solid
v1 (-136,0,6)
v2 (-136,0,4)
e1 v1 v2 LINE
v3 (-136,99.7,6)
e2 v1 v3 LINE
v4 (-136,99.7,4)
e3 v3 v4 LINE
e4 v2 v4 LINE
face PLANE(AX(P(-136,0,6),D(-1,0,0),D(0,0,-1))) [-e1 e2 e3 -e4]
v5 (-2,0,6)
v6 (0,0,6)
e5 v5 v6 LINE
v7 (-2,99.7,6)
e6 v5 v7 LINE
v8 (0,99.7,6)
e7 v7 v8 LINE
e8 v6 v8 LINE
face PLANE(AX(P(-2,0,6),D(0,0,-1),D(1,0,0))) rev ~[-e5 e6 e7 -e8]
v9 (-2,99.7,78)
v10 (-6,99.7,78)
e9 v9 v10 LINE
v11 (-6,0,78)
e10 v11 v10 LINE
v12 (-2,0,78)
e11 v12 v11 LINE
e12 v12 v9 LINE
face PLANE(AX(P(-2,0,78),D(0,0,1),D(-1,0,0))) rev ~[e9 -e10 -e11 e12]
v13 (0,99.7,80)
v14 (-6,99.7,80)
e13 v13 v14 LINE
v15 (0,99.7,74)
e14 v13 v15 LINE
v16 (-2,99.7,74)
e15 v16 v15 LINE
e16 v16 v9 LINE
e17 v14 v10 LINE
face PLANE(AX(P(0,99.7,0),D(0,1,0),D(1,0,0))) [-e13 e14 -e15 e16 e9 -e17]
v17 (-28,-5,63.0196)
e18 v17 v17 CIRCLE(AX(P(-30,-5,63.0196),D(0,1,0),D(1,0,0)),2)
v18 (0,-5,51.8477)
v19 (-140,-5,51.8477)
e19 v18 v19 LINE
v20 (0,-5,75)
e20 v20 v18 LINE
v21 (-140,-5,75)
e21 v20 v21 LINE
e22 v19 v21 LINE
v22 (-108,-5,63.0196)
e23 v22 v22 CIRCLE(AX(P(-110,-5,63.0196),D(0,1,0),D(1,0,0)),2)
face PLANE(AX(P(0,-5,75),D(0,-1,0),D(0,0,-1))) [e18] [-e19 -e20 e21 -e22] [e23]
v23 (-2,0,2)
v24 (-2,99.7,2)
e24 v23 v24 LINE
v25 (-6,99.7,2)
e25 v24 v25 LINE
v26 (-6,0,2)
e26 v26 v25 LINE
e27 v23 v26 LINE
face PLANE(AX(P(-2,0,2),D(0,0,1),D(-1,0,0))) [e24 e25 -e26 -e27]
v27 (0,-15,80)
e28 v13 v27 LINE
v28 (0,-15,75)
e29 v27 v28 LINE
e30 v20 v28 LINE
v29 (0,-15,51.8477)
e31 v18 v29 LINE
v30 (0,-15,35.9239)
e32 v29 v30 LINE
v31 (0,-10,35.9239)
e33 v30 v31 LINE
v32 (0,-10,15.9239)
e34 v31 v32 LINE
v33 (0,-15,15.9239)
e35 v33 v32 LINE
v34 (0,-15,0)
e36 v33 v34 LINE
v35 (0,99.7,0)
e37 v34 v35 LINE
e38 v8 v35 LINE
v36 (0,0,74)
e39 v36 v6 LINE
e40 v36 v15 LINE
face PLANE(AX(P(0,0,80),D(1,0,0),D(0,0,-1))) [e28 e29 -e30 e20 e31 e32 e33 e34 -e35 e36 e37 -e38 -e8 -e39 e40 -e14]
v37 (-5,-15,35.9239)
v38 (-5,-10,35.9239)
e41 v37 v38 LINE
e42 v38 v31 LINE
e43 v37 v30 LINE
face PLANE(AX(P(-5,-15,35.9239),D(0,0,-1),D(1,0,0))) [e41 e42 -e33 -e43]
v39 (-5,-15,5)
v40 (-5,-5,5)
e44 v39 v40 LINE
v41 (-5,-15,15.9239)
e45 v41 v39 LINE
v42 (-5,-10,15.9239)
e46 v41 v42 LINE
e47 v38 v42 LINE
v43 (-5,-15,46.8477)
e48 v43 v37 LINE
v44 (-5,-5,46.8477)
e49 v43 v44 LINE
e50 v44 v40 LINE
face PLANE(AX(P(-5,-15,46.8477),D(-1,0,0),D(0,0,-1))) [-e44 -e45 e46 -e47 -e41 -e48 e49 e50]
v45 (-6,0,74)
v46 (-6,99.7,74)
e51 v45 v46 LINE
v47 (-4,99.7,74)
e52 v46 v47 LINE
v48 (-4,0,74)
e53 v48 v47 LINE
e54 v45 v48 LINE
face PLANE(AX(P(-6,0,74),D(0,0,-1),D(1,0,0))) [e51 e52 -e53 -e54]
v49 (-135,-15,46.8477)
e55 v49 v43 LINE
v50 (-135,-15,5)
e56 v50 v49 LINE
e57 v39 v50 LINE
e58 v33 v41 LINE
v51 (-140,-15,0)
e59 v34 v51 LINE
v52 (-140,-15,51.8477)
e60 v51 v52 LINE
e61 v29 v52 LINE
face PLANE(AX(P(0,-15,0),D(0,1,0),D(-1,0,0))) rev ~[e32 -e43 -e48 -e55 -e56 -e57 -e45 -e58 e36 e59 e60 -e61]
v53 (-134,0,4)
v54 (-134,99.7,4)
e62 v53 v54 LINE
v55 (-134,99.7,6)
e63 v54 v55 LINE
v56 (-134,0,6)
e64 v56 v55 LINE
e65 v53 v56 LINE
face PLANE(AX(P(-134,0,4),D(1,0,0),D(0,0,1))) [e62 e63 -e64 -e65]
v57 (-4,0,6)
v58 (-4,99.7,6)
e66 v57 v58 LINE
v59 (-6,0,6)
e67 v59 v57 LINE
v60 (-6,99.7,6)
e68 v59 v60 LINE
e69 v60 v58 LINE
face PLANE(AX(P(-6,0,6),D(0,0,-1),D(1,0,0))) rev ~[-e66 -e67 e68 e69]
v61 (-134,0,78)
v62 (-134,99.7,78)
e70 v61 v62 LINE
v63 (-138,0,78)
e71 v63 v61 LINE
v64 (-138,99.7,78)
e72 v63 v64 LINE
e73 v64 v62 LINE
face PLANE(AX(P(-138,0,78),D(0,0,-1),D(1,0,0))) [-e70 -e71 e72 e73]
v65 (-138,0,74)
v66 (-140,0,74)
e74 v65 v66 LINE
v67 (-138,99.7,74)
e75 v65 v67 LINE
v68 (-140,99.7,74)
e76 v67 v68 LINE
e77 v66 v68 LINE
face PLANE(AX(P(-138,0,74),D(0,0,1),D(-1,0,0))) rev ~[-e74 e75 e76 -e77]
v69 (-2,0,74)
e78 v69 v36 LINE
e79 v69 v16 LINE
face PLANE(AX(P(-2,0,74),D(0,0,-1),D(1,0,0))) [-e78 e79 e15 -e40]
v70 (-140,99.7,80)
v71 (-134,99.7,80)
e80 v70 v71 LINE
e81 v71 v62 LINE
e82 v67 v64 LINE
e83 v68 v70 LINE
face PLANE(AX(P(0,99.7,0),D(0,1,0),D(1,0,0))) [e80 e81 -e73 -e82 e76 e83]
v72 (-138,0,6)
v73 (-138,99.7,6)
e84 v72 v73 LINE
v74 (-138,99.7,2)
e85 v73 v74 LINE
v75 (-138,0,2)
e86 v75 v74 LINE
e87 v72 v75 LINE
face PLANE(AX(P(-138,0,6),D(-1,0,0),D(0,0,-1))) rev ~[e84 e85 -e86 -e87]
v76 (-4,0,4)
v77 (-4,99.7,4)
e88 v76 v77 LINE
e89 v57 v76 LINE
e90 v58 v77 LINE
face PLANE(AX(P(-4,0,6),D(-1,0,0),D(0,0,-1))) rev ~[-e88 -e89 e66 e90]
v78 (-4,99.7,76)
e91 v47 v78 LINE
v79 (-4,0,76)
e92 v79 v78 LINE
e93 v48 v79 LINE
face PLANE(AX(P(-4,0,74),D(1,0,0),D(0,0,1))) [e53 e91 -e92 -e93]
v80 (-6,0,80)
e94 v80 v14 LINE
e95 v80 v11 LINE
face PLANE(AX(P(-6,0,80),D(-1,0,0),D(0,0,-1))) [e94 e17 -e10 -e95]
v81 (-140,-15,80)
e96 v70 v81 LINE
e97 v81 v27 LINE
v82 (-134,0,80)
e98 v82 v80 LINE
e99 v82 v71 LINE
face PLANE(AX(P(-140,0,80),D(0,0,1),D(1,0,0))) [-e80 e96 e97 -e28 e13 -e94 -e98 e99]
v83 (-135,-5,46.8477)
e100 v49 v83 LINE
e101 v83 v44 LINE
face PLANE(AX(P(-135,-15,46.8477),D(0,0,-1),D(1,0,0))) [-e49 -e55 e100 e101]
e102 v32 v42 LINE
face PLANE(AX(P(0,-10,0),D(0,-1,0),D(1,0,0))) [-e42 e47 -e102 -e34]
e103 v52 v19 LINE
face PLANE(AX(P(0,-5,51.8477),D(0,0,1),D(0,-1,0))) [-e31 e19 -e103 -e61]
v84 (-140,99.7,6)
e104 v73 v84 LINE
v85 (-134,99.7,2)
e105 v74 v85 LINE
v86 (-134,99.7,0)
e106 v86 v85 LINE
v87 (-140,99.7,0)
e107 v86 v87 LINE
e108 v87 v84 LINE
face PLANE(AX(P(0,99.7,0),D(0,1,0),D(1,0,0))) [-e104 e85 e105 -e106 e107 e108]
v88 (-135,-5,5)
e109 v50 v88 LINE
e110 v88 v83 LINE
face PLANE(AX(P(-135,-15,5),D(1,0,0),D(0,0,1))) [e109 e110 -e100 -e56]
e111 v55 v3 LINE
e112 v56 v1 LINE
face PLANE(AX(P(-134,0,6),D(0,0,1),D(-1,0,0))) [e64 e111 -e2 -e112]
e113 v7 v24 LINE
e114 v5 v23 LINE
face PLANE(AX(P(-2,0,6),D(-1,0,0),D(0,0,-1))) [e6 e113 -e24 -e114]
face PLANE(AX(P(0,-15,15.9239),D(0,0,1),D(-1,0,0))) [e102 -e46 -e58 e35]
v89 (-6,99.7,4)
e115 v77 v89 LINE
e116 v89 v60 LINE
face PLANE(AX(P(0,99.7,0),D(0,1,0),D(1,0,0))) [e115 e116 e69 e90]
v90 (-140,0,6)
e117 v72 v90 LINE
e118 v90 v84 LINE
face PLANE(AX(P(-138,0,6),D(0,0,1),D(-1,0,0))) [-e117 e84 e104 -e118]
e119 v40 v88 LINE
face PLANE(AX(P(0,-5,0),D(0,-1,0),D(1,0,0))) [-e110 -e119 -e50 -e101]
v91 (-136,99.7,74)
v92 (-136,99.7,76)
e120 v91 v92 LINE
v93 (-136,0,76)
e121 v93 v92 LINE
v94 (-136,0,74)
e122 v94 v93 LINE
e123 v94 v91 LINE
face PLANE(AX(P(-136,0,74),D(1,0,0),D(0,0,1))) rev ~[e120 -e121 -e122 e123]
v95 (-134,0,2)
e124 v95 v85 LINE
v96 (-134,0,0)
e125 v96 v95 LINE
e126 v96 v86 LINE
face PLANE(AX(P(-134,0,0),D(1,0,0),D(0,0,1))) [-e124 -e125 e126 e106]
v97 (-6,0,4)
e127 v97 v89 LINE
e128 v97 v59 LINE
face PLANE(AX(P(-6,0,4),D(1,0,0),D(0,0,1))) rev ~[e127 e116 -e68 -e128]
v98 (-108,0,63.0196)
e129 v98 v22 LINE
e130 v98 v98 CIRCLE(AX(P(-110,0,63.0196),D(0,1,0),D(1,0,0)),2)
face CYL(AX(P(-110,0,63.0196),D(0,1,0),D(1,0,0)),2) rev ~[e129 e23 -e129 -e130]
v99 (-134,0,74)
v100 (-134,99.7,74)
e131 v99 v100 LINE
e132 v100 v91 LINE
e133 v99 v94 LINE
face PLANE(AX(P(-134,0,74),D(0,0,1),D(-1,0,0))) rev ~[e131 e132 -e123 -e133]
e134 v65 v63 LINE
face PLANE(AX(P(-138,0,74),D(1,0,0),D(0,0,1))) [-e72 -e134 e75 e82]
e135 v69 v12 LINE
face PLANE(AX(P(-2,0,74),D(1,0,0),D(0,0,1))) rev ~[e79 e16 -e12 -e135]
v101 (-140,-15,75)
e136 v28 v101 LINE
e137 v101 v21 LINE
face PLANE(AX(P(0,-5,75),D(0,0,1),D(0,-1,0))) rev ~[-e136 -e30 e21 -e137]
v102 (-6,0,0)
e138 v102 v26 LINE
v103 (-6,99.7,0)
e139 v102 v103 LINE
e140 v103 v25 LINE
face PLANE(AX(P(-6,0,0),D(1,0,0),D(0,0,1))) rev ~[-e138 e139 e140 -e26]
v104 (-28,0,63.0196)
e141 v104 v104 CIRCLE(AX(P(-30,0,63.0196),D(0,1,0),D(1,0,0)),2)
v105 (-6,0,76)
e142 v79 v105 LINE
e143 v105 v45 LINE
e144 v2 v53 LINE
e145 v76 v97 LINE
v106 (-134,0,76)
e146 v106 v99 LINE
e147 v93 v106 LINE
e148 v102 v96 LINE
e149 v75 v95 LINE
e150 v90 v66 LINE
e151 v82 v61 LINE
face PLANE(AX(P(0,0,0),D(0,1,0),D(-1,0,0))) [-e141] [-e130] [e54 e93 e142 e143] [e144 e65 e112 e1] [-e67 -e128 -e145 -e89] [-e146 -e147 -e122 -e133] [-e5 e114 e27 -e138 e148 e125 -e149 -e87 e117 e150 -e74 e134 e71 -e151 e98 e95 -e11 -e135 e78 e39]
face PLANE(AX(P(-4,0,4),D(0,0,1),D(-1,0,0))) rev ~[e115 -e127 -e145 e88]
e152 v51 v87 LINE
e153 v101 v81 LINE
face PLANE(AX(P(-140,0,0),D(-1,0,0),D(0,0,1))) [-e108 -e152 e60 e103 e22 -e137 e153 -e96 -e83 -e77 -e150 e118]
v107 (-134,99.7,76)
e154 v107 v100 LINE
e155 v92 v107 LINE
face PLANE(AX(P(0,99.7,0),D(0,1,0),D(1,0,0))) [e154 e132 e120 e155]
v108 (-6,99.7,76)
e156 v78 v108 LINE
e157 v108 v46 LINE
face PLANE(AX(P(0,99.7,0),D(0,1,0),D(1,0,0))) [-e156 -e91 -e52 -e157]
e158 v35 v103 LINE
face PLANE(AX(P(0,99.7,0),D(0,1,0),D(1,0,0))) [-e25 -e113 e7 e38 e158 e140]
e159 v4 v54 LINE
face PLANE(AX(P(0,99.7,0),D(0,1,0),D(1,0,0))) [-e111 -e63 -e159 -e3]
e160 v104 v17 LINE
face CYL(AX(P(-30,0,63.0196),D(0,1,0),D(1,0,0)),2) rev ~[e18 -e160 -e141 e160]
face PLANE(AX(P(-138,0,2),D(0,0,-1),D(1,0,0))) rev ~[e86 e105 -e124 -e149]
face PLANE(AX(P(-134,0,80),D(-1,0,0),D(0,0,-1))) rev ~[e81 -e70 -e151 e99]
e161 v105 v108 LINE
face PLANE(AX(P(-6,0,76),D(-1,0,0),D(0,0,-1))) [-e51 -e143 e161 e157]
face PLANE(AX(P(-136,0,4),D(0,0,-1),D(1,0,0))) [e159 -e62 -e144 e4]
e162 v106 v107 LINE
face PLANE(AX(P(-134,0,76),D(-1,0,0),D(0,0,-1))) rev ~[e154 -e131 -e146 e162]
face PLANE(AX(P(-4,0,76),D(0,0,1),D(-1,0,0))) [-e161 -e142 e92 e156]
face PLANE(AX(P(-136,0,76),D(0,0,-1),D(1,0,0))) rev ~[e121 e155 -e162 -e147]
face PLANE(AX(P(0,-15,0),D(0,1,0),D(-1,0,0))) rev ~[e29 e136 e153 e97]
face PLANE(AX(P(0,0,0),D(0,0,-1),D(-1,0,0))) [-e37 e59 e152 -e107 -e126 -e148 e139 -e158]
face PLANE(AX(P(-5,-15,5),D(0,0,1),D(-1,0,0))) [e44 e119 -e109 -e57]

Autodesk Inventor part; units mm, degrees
ref_plane "YZ Plane" through (0, 0, 0) normal (1, 0, 0) x (0, 1, 0)
ref_plane "XZ Plane" through (0, 0, 0) normal (0, 1, 0) x (-1, 0, 0)
ref_plane "XY Plane" through (0, 0, 0) normal (0, 0, 1) x (1, 0, 0)
sketch "Sketch1" plane through (0, 0, 0) normal (0, 1, 0) x (-1, 0, 0)
  line L0 (0, 0) -> (140, 0)
  line L1 (140, 0) -> (140, 80)
  line L2 (140, 80) -> (0, 80)
  line L3 (0, 80) -> (0, 0)
  dimension "d0" = 140
  dimension "d1" = 80
extrude "Extrusion2" add sketch "Sketch1" against normal blind 15
sketch "Sketch2" plane through (0, 0, 80) normal (1, 0, 0) x (0, 0, -1)
  line L0 (0, -15) -> (80, -15) projected
  line L1 (5, -5) -> (28.1523, -5)
  line L2 (28.1523, -5) -> (28.1523, -15)
  line L3 (5, -5) -> (5, -15)
  line L4 (80, 0) -> (80, -15) projected
  line L5 (0, 0) -> (0, -15) projected
  line L6 (0, 0) -> (80, 0) projected
  dimension "d6" = 5
  dimension "d7" = 5
  dimension "d8" = 51.8477
extrude "Extrusion3" cut sketch "Sketch2" against normal through all contours L3 L1 L2 L0
sketch "Sketch3" plane through (0, -15, 0) normal (0, -1, 0) x (1, 0, 0)
  line L0 (0, 51.8477) -> (-140, 51.8477) projected
  line L1 (-140, 51.8477) -> (-140, 0) projected
  line L2 (-140, 0) -> (0, 0) projected
  line L3 (0, 0) -> (0, 51.8477) projected
  line L4 (-5, 5) -> (-135, 5)
  line L5 (-135, 5) -> (-135, 46.8477)
  line L6 (-135, 46.8477) -> (-5, 46.8477)
  line L7 (-5, 46.8477) -> (-5, 5)
  dimension "d11" = 5
extrude "Electronics_Housing" cut sketch "Sketch3" against normal blind 10 contours L4 L5 L6 L7
sketch "Sketch4" plane through (0, 0, 0) normal (0, 1, 0) x (1, 0, 0)
  circle A0 centre (-110, -63.0196) radius 2
  line L0 (0, 0) -> (-140, 0) projected
  line L1 (-70, 0) -> (-70, -80) construction
  line L2 (0, -80) -> (-140, -80) projected
  circle A1 centre (-30, -63.0196) radius 2
  dimension "d14" = 40
  dimension "d15" = 4
extrude "M4_Litho_Holder" cut sketch "Sketch4" against normal through all
sketch "Litho_Dimension" plane through (0, 0, 0) normal (0, 1, 0) x (1, 0, 0)
  line L0 (0, 0) -> (-140, 0) projected
  line L1 (-140, 0) -> (-140, -80) projected
  arc A0 (-140, -38.7298) -> (0.3875, -38.0211) centre (-70, 0) ccw construction
  line L2 (-140, -80) -> (0, -80) projected
sketch "Sketch6" plane through (0, -15, 0) normal (0, -1, 0) x (1, 0, 0)
  line L0 (0, 80) -> (0, 0) projected
  line L1 (-5, 46.8477) -> (-5, 5) projected
  line L2 (0, 15.9239) -> (-5, 15.9239)
  line L3 (-5, 15.9239) -> (-5, 35.9239)
  line L4 (-5, 35.9239) -> (0, 35.9239)
  line L5 (0, 35.9239) -> (0, 15.9239)
  line L6 (-140, 0) -> (0, 0) projected
  line L7 (0, 51.8477) -> (-140, 51.8477) projected
  point P0 (0, 35.9239)
  dimension "d18" = 15.9238
  dimension "d19" = 20
  dimension "d20" = 15.9238
extrude "ARd_Nano_Mount" cut sketch "Sketch6" against normal blind 5
sketch "Sketch7" plane through (0, 0, 0) normal (0, 1, 0) x (1, 0, 0)
  line L0 (-140, -80) -> (0, -80) construction
  line L1 (-140, -80) -> (-134, -80)
  line L2 (-134, -80) -> (-134, -74)
  line L3 (-134, -74) -> (-140, -74)
  line L4 (-140, -74) -> (-140, -80)
  line L5 (-140, 0) -> (-140, -80) projected
  line L6 (0, -80) -> (0, 0) projected
  line L7 (-138, -74) -> (-138, -78)
  line L8 (-138, -78) -> (-134, -78)
  line L9 (-136, -74) -> (-136, -76)
  line L10 (-136, -76) -> (-134, -76)
  line L11 (-70, -80) -> (-70, 0) construction
  line L12 (0, 0) -> (-140, 0) projected
  line L13 (-140, -40) -> (0, -40) construction
  line L14 (0, -80) -> (-6, -80)
  line L15 (-6, -80) -> (-6, -74)
  line L16 (-6, -74) -> (0, -74)
  line L17 (0, -74) -> (0, -80)
  line L18 (-2, -74) -> (-2, -78)
  line L19 (-2, -78) -> (-6, -78)
  line L20 (-4, -74) -> (-4, -76)
  line L21 (-4, -76) -> (-6, -76)
  line L22 (-140, 0) -> (-134, 0)
  line L23 (-134, 0) -> (-134, -6)
  line L24 (-134, -6) -> (-140, -6)
  line L25 (-140, -6) -> (-140, 0)
  line L26 (-138, -6) -> (-138, -2)
  line L27 (-138, -2) -> (-134, -2)
  line L28 (-136, -6) -> (-136, -4)
  line L29 (-136, -4) -> (-134, -4)
  line L30 (-6, 0) -> (-6, -6)
  line L31 (-4, -6) -> (-4, -4)
  line L32 (-4, -4) -> (-6, -4)
  line L33 (-2, -6) -> (-2, -2)
  line L34 (0, 0) -> (-6, 0)
  line L35 (-6, -6) -> (0, -6)
  line L36 (0, -6) -> (0, 0)
  line L37 (-2, -2) -> (-6, -2)
  point P0 (0, -6)
  dimension "d27" = 2
  dimension "d29" = 2
  dimension "d30" = 2
extrude "Extrusion7" add sketch "Sketch7" along normal blind 99.7 contours L4 L3 L7 L8 L2 L1 | L6 L14 L15 L19 L18 L16 | L12 L6 L35 L33 L37 L30 | L5 L12 L23 L27 L26 L24 | L10 L9 L3 L2 | L28 L29 L23 L24 | L32 L31 L35 L30 | L20 L21 L15 L16
equation "\"d18\" = d20"
properties part number "NL housing_Main"
